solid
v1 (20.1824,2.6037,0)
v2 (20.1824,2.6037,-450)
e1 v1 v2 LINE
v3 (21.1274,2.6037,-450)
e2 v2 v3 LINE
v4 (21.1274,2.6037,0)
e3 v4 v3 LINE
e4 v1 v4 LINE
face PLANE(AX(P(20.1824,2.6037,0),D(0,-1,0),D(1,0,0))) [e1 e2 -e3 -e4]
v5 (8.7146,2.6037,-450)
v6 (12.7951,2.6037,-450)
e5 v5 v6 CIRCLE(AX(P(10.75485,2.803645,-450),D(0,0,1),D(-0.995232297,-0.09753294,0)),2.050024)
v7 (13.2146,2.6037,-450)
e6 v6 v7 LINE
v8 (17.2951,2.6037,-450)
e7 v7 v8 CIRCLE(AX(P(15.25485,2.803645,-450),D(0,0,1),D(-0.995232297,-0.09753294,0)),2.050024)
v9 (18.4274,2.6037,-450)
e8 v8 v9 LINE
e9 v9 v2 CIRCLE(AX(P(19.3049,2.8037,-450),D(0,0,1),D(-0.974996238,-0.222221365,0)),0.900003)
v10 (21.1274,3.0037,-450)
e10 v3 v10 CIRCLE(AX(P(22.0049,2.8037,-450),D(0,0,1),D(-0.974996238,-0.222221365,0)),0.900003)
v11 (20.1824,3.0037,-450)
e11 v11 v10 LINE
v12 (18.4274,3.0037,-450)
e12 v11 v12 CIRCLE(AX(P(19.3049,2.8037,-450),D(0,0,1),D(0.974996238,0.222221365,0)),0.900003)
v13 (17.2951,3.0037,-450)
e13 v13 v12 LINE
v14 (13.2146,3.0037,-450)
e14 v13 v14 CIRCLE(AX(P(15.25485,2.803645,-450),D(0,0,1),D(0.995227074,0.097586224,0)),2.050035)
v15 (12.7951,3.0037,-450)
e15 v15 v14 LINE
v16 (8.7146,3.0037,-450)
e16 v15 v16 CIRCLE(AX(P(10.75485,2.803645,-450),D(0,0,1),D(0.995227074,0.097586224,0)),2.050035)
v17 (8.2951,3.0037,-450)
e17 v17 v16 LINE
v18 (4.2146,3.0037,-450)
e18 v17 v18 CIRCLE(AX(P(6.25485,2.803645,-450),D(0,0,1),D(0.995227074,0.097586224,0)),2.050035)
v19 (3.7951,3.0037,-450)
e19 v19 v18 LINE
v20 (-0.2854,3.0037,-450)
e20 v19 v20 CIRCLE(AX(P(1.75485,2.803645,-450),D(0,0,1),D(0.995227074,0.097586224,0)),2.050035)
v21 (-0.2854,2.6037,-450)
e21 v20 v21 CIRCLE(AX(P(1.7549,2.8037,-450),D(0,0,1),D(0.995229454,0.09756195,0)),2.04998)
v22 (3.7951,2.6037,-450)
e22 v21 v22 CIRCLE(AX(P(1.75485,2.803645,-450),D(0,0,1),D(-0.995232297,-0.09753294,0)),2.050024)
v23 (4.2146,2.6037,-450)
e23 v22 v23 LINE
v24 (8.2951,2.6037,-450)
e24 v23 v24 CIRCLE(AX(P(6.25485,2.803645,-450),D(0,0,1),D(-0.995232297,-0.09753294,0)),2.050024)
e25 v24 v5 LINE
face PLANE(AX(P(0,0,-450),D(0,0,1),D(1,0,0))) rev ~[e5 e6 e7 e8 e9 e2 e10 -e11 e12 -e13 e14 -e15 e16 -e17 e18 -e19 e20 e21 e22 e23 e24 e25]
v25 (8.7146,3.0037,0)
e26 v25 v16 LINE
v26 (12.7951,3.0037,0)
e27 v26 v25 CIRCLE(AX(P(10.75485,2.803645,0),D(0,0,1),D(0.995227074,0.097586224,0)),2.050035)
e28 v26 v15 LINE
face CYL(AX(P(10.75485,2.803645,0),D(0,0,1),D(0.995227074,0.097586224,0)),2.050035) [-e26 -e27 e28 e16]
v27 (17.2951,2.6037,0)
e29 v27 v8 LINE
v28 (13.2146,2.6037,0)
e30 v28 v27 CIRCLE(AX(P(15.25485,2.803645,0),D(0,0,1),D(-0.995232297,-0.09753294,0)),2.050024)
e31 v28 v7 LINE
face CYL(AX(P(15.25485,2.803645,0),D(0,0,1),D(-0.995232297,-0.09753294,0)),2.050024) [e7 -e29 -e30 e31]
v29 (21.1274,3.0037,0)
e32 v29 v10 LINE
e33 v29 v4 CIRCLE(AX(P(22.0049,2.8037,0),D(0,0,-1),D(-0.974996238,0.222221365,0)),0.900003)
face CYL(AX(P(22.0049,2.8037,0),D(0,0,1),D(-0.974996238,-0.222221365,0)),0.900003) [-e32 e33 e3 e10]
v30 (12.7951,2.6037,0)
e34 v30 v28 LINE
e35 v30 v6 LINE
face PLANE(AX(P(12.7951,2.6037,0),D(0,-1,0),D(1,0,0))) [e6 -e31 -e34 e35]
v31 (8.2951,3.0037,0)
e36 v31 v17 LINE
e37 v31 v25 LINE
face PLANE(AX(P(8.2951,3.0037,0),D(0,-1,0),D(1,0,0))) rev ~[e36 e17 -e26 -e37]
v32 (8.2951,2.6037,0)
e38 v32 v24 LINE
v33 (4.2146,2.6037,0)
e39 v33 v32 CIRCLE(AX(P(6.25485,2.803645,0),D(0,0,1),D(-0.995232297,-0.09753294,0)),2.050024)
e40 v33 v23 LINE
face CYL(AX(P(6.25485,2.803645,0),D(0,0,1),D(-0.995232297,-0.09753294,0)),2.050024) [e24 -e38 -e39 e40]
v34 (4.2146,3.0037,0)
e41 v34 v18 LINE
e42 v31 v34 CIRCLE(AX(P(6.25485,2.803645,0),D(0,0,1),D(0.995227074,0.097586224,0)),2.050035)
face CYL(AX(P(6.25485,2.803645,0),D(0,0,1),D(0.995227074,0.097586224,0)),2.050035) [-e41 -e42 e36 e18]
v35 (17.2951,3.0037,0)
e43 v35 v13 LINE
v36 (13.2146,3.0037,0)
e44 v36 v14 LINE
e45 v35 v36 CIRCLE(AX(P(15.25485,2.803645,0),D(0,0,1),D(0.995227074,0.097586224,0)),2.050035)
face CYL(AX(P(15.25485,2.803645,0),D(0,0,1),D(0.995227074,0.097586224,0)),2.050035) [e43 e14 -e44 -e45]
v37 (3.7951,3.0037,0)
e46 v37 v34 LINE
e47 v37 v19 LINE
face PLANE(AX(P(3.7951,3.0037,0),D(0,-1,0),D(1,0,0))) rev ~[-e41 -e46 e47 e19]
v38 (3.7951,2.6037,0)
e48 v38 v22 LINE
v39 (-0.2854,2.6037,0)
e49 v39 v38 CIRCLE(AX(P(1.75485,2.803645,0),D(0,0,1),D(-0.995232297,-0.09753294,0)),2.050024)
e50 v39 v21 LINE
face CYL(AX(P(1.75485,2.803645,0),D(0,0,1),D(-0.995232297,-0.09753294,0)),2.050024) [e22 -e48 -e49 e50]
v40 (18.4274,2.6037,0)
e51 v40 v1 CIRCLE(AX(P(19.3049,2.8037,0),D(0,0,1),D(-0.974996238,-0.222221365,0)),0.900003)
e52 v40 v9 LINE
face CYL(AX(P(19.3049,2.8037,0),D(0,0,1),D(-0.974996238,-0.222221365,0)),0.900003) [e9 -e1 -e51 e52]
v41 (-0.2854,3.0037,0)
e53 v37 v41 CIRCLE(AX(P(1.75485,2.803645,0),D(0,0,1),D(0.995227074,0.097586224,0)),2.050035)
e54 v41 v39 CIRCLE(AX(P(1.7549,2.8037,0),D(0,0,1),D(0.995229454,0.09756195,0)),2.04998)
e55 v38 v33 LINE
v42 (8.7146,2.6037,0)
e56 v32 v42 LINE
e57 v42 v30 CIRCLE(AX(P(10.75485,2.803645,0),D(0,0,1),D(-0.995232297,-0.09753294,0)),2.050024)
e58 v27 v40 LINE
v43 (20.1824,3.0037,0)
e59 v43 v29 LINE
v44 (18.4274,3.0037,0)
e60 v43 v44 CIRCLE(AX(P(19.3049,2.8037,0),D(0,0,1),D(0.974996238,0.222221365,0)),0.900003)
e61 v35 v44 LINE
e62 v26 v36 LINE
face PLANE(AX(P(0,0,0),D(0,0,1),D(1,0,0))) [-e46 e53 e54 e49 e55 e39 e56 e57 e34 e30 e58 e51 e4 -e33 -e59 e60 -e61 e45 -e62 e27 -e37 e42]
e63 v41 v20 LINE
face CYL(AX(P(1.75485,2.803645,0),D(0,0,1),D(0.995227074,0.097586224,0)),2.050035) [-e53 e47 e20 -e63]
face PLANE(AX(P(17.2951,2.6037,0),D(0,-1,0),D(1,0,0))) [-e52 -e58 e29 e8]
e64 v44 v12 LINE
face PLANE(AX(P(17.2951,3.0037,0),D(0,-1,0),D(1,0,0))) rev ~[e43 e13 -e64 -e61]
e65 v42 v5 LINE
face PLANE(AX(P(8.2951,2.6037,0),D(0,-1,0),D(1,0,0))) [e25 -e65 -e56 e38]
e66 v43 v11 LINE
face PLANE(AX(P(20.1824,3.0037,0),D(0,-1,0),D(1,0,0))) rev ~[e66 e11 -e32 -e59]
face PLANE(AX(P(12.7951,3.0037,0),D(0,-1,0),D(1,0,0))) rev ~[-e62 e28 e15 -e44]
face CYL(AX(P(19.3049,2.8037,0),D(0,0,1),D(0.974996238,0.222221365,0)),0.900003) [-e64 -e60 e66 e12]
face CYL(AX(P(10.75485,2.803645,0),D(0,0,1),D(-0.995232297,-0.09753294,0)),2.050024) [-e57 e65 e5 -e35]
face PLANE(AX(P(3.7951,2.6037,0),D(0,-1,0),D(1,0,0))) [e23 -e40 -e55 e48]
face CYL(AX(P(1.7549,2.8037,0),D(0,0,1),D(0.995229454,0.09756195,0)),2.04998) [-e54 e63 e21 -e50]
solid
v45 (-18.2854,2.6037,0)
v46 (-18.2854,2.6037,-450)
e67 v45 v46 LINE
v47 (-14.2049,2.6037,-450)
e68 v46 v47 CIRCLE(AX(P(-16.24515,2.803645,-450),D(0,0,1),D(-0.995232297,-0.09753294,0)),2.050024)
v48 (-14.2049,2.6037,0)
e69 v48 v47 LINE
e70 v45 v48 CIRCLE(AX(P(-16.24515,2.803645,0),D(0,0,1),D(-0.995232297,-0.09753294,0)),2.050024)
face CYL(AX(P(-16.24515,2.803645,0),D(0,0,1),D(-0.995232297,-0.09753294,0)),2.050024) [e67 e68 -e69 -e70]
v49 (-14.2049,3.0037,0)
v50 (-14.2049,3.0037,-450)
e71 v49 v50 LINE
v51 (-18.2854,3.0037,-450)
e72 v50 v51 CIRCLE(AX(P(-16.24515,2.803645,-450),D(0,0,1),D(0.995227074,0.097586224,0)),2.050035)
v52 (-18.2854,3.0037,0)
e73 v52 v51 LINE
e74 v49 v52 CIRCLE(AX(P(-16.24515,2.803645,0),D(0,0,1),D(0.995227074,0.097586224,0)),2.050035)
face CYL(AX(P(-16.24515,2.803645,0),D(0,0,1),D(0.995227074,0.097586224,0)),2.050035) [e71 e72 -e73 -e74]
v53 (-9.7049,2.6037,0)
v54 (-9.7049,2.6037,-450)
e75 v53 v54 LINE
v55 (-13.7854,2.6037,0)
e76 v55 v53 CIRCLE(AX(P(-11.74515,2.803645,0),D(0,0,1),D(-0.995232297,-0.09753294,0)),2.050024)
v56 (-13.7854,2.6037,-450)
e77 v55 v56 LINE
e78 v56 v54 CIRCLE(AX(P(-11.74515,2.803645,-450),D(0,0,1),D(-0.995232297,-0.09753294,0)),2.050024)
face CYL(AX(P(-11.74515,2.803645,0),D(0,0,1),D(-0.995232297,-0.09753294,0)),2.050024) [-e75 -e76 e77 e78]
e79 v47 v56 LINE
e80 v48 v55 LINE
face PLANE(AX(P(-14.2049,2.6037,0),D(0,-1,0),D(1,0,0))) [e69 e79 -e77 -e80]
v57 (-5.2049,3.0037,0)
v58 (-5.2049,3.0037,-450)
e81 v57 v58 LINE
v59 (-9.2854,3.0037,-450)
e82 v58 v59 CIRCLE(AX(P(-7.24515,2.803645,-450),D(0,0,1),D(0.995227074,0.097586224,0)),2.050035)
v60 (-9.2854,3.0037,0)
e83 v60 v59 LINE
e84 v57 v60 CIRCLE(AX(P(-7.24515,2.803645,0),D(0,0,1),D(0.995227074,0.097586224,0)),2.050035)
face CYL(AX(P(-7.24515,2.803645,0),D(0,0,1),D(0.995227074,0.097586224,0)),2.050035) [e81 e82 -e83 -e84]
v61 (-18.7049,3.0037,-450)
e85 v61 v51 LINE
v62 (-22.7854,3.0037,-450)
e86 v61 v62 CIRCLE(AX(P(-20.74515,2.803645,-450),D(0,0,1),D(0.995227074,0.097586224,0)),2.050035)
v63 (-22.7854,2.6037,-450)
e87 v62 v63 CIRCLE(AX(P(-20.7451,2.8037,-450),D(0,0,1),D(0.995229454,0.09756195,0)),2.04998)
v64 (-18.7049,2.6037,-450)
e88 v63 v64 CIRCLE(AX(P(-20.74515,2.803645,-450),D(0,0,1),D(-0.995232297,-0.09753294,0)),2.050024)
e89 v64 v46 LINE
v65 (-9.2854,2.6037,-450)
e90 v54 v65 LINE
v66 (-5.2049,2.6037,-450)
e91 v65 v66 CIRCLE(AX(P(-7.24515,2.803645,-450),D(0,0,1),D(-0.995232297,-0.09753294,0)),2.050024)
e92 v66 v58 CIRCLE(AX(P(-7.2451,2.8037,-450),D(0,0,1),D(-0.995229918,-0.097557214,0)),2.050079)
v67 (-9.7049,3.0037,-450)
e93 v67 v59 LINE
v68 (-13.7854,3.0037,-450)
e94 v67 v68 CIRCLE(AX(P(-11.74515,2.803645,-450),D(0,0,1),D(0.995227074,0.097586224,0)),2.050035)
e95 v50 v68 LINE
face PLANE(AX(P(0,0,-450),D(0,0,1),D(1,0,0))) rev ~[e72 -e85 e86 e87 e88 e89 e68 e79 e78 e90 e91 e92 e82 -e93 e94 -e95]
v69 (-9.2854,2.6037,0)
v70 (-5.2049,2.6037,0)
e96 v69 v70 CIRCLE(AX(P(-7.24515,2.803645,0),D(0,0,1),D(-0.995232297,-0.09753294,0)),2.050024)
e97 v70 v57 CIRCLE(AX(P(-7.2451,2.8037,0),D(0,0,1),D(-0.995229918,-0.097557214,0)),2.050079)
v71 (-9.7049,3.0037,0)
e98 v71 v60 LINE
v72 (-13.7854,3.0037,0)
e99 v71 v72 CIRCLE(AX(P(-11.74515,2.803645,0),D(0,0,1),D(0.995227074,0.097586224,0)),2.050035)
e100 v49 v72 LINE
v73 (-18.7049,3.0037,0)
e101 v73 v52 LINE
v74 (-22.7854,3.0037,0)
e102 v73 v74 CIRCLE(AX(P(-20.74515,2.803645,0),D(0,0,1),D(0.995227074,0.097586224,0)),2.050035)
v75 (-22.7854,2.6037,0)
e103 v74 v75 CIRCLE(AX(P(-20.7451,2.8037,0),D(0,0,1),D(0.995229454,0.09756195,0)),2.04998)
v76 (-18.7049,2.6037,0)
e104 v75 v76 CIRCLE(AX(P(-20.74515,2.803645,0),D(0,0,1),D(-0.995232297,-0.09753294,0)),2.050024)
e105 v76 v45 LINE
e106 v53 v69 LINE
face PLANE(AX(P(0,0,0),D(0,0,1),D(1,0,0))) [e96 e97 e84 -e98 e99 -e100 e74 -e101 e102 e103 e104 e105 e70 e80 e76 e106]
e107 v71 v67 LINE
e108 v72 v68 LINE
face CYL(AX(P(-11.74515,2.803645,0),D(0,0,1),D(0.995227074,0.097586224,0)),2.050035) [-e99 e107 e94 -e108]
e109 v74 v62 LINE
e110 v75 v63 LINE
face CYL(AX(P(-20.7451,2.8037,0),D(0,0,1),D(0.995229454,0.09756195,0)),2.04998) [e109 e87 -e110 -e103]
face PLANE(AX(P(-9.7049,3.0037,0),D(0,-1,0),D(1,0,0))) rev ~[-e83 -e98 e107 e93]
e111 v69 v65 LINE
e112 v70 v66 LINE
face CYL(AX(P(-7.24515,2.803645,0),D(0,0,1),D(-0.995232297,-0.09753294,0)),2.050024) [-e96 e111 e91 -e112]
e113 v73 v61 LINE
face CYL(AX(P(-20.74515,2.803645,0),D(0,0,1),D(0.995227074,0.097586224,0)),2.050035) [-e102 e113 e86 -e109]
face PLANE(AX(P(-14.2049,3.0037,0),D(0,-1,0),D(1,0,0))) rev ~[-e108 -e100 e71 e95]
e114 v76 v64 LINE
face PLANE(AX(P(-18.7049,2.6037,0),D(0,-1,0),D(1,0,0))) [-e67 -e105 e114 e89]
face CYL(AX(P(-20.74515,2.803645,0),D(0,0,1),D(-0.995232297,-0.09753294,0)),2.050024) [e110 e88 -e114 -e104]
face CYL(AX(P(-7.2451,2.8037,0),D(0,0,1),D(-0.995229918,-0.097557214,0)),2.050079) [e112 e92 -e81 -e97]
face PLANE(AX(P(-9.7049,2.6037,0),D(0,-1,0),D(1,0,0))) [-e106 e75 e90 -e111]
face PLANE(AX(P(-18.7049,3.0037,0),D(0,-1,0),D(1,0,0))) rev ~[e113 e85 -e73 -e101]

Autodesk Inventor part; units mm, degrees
ref_plane "YZ Plane" through (0, 0, 0) normal (1, 0, 0) x (0, 1, 0)
ref_plane "XZ Plane" through (0, 0, 0) normal (0, 1, 0) x (-1, 0, 0)
sketch "Sketch1" plane through (0, 0, 0) normal (0, 0, 1) x (1, 0, 0)
  line L0 (34.8824, 2.8037) -> (34.8824, -2.1963) projected
  line L1 (28.8824, 2.8037) -> (34.8824, 2.8037) projected
  line L2 (28.8824, 2.6037) -> (28.8824, 2.8037) projected
  line L3 (22.8824, 2.6037) -> (28.8824, 2.6037) projected
  arc A0 (21.1274, 2.6037) -> (22.8824, 2.6037) centre (22.0049, 2.8037) ccw projected
  line L4 (20.1824, 2.6037) -> (21.1274, 2.6037) projected
  arc A1 (18.4274, 2.6037) -> (20.1824, 2.6037) centre (19.3049, 2.8037) ccw projected
  line L5 (17.2951, 2.6037) -> (18.4274, 2.6037) projected
  arc A2 (13.2146, 2.6037) -> (17.2951, 2.6037) centre (15.2549, 2.8037) ccw projected
  line L6 (12.7951, 2.6037) -> (13.2146, 2.6037) projected
  arc A3 (8.7146, 2.6037) -> (12.7951, 2.6037) centre (10.7549, 2.8037) ccw projected
  line L7 (8.2951, 2.6037) -> (8.7146, 2.6037) projected
  arc A4 (4.2146, 2.6037) -> (8.2951, 2.6037) centre (6.2549, 2.8037) ccw projected
  line L8 (3.7951, 2.6037) -> (4.2146, 2.6037) projected
  arc A5 (-0.2854, 2.6037) -> (3.7951, 2.6037) centre (1.7549, 2.8037) ccw projected
  line L9 (-5.2049, 2.6037) -> (-0.2854, 2.6037) projected
  arc A6 (-9.2854, 2.6037) -> (-5.2049, 2.6037) centre (-7.2451, 2.8037) ccw projected
  line L10 (-9.7049, 2.6037) -> (-9.2854, 2.6037) projected
  arc A7 (-13.7854, 2.6037) -> (-9.7049, 2.6037) centre (-11.7451, 2.8037) ccw projected
  line L11 (-14.2049, 2.6037) -> (-13.7854, 2.6037) projected
  arc A8 (-18.2854, 2.6037) -> (-14.2049, 2.6037) centre (-16.2451, 2.8037) ccw projected
  line L12 (-18.7049, 2.6037) -> (-18.2854, 2.6037) projected
  arc A9 (-22.7854, 2.6037) -> (-18.7049, 2.6037) centre (-20.7451, 2.8037) ccw projected
  line L13 (-28.7854, 2.6037) -> (-22.7854, 2.6037) projected
  line L14 (-28.7854, 2.8037) -> (-28.7854, 2.6037) projected
  line L15 (-34.7854, 2.8037) -> (-28.7854, 2.8037) projected
  line L16 (-34.7854, -2.1963) -> (-34.7854, 2.8037) projected
  line L17 (34.8824, -2.1963) -> (-34.7854, -2.1963) projected
  line L18 (34.8824, 2.8037) -> (34.8824, 7.8037) projected
  line L19 (34.8824, 7.8037) -> (-34.7854, 7.8037) projected
  line L20 (-34.7854, 7.8037) -> (-34.7854, 2.8037) projected
  line L21 (-34.7854, 2.8037) -> (-28.7854, 2.8037) projected
  line L22 (-28.7854, 2.8037) -> (-28.7854, 3.0037) projected
  line L23 (-28.7854, 3.0037) -> (-22.7854, 3.0037) projected
  arc A10 (-18.7049, 3.0037) -> (-22.7854, 3.0037) centre (-20.7451, 2.8037) ccw projected
  line L24 (-18.7049, 3.0037) -> (-18.2854, 3.0037) projected
  arc A11 (-14.2049, 3.0037) -> (-18.2854, 3.0037) centre (-16.2451, 2.8037) ccw projected
  line L25 (-14.2049, 3.0037) -> (-13.7854, 3.0037) projected
  arc A12 (-9.7049, 3.0037) -> (-13.7854, 3.0037) centre (-11.7451, 2.8037) ccw projected
  line L26 (-9.7049, 3.0037) -> (-9.2854, 3.0037) projected
  arc A13 (-5.2049, 3.0037) -> (-9.2854, 3.0037) centre (-7.2451, 2.8037) ccw projected
  line L27 (-5.2049, 3.0037) -> (-0.2854, 3.0037) projected
  arc A14 (3.7951, 3.0037) -> (-0.2854, 3.0037) centre (1.7549, 2.8037) ccw projected
  line L28 (3.7951, 3.0037) -> (4.2146, 3.0037) projected
  arc A15 (8.2951, 3.0037) -> (4.2146, 3.0037) centre (6.2549, 2.8037) ccw projected
  line L29 (8.2951, 3.0037) -> (8.7146, 3.0037) projected
  arc A16 (12.7951, 3.0037) -> (8.7146, 3.0037) centre (10.7549, 2.8037) ccw projected
  line L30 (12.7951, 3.0037) -> (13.2146, 3.0037) projected
  arc A17 (17.2951, 3.0037) -> (13.2146, 3.0037) centre (15.2549, 2.8037) ccw projected
  line L31 (17.2951, 3.0037) -> (18.4274, 3.0037) projected
  arc A18 (20.1824, 3.0037) -> (18.4274, 3.0037) centre (19.3049, 2.8037) ccw projected
  line L32 (20.1824, 3.0037) -> (21.1274, 3.0037) projected
  arc A19 (22.8824, 3.0037) -> (21.1274, 3.0037) centre (22.0049, 2.8037) ccw projected
  line L33 (22.8824, 3.0037) -> (28.8824, 3.0037) projected
  line L34 (28.8824, 3.0037) -> (28.8824, 2.8037) projected
  line L35 (28.8824, 2.8037) -> (34.8824, 2.8037) projected
  arc A20 (21.1274, 2.6037) -> (21.1274, 3.0037) centre (22.0049, 2.8037) ccw
  arc A21 (-18.7049, 3.0037) -> (-18.7049, 2.6037) centre (-20.7451, 2.8037) ccw
  arc A22 (3.7951, 3.0037) -> (3.7951, 2.6037) centre (1.7549, 2.8037) ccw
  arc A23 (-9.2854, 2.6037) -> (-9.2854, 3.0037) centre (-7.2451, 2.8037) ccw
  point P0 (0, 0)
ref_plane "Work Plane1" through (-34.7854, -2.1963, -450) normal (0, 0, -1) x (0, 1, 0)
extrude "Extrusion1" add sketch "Sketch1" against normal up to surface (450 mm away) contours A0 L4 A1 L5 A2 L6 A3 L7 A4 L8 A5 A22 A14 L28 A15 L29 A16 L30 A17 L31 A18 L32 A19 A20 | A21 A10 L24 A11 L25 A12 L26 A13 A23 A6 L10 A7 L11 A8 L12 A9
properties part number "3d_LM - Bottom Wire"
